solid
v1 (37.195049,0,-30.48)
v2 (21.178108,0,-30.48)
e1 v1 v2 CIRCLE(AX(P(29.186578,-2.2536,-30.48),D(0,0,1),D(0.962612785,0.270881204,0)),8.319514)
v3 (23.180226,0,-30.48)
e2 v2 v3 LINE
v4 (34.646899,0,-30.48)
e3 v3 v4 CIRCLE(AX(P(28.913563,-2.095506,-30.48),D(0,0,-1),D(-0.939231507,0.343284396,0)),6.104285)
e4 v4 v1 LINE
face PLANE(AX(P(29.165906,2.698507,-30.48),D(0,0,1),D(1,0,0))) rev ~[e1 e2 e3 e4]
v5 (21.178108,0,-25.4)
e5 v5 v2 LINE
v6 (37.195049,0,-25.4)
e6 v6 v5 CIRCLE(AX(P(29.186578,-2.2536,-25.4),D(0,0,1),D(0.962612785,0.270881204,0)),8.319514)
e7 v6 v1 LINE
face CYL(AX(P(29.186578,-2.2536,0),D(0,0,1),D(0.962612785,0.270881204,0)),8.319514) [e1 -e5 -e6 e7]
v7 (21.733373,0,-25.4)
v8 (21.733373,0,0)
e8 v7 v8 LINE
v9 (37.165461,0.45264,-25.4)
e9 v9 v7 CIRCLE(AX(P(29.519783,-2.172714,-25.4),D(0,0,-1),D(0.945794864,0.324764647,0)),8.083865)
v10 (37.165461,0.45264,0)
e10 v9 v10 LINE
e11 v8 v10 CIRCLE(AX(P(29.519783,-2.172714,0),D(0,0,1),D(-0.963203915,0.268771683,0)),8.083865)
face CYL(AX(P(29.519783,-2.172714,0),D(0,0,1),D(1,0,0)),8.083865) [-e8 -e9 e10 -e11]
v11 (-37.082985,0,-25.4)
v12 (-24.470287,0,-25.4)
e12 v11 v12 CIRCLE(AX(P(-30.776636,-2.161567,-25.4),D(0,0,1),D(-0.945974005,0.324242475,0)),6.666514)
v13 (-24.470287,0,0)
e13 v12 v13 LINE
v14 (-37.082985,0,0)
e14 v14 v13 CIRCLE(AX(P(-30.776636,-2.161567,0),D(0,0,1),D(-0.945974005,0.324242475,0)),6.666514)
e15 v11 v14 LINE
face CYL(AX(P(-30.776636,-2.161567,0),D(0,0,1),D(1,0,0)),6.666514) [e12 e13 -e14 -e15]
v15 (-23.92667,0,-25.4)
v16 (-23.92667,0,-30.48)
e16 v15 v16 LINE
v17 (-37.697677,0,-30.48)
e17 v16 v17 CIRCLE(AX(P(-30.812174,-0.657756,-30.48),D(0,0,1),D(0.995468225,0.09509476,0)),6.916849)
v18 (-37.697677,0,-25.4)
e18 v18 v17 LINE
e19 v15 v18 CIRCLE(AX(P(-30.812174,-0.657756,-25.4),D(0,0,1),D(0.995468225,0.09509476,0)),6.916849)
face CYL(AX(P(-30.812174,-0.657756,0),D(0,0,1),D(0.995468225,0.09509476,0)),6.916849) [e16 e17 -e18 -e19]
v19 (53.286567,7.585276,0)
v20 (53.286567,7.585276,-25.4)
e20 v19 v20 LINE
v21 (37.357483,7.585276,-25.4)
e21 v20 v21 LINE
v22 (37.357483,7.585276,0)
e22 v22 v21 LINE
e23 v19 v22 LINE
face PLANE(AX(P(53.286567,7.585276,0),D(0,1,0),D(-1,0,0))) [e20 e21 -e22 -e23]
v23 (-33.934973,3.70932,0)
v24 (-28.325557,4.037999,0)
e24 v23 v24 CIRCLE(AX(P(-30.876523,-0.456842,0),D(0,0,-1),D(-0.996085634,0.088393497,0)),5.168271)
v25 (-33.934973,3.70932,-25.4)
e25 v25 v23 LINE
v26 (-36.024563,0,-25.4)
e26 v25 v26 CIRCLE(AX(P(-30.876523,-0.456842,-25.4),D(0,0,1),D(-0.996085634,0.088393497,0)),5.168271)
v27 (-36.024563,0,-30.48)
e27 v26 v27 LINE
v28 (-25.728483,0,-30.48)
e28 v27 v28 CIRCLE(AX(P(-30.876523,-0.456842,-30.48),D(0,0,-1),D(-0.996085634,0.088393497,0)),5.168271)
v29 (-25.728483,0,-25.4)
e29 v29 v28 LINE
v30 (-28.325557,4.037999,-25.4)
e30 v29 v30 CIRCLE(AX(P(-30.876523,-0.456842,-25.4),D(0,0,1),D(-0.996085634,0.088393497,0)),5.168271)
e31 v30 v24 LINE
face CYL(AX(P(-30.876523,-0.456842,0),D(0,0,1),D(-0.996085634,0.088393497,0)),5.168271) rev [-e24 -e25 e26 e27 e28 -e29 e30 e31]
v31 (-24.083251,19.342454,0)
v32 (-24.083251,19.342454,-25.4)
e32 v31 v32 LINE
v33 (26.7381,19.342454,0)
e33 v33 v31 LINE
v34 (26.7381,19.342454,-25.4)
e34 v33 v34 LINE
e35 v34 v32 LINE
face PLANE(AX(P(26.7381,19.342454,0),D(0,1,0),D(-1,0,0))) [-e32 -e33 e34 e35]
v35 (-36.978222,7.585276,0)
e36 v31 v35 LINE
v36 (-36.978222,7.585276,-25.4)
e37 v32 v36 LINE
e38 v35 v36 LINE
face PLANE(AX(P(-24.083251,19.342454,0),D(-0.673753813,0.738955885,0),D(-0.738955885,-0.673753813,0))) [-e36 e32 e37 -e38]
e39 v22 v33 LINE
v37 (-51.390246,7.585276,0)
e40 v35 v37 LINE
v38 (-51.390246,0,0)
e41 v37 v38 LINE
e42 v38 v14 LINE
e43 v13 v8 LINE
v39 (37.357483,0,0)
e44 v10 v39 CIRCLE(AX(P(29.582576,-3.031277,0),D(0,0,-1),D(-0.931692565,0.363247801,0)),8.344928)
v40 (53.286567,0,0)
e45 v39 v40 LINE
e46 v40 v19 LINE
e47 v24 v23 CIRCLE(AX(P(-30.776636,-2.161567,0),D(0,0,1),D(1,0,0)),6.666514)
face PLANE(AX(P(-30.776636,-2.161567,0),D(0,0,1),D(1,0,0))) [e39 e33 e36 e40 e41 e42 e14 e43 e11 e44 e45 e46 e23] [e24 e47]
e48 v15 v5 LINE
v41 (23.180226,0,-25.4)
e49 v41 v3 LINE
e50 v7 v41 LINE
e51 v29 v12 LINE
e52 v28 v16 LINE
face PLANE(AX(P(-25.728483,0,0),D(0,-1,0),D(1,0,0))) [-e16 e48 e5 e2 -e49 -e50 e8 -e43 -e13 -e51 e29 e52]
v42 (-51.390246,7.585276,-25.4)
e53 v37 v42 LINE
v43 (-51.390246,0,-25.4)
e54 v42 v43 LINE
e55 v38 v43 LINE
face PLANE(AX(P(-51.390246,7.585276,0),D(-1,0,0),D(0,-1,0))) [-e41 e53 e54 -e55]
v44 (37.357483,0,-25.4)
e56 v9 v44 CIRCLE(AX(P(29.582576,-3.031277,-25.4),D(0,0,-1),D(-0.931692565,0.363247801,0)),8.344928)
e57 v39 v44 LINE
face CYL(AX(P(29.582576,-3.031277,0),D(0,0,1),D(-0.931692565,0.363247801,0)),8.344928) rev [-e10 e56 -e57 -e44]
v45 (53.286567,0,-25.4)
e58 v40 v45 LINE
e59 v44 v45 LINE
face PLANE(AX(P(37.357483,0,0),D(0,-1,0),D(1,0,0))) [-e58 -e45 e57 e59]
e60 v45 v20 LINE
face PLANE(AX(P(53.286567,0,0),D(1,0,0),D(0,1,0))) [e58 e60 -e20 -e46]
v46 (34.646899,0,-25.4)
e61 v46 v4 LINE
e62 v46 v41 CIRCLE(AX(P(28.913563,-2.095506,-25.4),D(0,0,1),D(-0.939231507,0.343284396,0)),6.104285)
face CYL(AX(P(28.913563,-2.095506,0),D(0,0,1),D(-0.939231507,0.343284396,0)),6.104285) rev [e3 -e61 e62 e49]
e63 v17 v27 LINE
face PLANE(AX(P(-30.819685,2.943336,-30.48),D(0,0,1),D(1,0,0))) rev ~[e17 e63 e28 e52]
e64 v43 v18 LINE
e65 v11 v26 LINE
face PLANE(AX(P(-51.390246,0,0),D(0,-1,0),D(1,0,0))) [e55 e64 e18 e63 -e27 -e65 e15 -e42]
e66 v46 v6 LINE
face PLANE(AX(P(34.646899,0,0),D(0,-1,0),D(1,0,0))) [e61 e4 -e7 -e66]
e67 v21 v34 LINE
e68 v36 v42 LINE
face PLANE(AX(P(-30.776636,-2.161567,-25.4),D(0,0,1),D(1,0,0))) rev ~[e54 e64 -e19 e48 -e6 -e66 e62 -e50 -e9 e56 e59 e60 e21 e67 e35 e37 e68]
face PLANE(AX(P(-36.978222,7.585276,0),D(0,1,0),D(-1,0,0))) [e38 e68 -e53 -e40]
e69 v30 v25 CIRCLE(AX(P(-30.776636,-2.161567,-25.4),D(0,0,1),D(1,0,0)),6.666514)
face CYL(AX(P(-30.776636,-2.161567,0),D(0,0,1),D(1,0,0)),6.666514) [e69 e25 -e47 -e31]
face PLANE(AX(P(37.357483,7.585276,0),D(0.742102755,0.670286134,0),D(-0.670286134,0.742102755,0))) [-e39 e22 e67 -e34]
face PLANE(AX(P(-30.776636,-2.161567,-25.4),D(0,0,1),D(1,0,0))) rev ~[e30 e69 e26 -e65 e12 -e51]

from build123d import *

# Parameters (mm, degrees)
F1_DEPTH = 25.4
F2_R     = 6.666514
F2_R_2   = 8.083865
F3_DEPTH = 25.4
F5_DEPTH = 30.48


with BuildPart() as f1:
    # F0 (on Top) → F1 (new body)
    with BuildSketch(Plane.XY):
        with BuildLine():
            Line((-51.390246, 7.585276), (-51.390246, 0))
            Line((-51.390246, 0), (-36.978222, 0))
            ThreePointArc((-36.978222, 0), (-30.530737, 4.941209), (-24.083251, 0))
            Line((-24.083251, 0), (21.807669, 0))
            ThreePointArc((21.807669, 0), (29.582576, 5.313651), (37.357483, 0))
            Line((37.357483, 0), (53.286567, 0))
            Line((53.286567, 0), (53.286567, 7.585276))
            Line((53.286567, 7.585276), (37.357483, 7.585276))
            Line((37.357483, 7.585276), (26.7381, 19.342454))
            Line((26.7381, 19.342454), (-24.083251, 19.342454))
            Line((-24.083251, 19.342454), (-36.978222, 7.585276))
            Line((-36.978222, 7.585276), (-51.390246, 7.585276))
        make_face()
    extrude(amount=-F1_DEPTH)

    # F2 (on Top) → F3 (join)
    with BuildSketch(Plane.XY):
        with Locations((-30.776636, -2.161567)):
            Circle(F2_R)
        with Locations((29.519783, -2.172714)):
            Circle(F2_R_2)
    extrude(amount=-F3_DEPTH)

    # F4 (on Top) → F5 (join)
    with BuildSketch(Plane.XY):
        with BuildLine():
            Line((-25.728483, 0), (-23.92667, 0))
            ThreePointArc((-23.92667, 0), (-30.812173, 6.259093), (-37.697677, 0))
            Line((-37.697677, 0), (-36.024563, 0))
            ThreePointArc((-36.024563, 0), (-30.876523, 4.711429), (-25.728483, 0))
        make_face()
        with BuildLine():
            Line((34.646899, 0), (37.195049, 0))
            ThreePointArc((37.195049, 0), (29.186578, 6.065914), (21.178108, 0))
            Line((21.178108, 0), (23.180226, 0))
            ThreePointArc((23.180226, 0), (28.913562, 4.008779), (34.646899, 0))
        make_face()
    extrude(amount=-F5_DEPTH)


solid = f1.part
